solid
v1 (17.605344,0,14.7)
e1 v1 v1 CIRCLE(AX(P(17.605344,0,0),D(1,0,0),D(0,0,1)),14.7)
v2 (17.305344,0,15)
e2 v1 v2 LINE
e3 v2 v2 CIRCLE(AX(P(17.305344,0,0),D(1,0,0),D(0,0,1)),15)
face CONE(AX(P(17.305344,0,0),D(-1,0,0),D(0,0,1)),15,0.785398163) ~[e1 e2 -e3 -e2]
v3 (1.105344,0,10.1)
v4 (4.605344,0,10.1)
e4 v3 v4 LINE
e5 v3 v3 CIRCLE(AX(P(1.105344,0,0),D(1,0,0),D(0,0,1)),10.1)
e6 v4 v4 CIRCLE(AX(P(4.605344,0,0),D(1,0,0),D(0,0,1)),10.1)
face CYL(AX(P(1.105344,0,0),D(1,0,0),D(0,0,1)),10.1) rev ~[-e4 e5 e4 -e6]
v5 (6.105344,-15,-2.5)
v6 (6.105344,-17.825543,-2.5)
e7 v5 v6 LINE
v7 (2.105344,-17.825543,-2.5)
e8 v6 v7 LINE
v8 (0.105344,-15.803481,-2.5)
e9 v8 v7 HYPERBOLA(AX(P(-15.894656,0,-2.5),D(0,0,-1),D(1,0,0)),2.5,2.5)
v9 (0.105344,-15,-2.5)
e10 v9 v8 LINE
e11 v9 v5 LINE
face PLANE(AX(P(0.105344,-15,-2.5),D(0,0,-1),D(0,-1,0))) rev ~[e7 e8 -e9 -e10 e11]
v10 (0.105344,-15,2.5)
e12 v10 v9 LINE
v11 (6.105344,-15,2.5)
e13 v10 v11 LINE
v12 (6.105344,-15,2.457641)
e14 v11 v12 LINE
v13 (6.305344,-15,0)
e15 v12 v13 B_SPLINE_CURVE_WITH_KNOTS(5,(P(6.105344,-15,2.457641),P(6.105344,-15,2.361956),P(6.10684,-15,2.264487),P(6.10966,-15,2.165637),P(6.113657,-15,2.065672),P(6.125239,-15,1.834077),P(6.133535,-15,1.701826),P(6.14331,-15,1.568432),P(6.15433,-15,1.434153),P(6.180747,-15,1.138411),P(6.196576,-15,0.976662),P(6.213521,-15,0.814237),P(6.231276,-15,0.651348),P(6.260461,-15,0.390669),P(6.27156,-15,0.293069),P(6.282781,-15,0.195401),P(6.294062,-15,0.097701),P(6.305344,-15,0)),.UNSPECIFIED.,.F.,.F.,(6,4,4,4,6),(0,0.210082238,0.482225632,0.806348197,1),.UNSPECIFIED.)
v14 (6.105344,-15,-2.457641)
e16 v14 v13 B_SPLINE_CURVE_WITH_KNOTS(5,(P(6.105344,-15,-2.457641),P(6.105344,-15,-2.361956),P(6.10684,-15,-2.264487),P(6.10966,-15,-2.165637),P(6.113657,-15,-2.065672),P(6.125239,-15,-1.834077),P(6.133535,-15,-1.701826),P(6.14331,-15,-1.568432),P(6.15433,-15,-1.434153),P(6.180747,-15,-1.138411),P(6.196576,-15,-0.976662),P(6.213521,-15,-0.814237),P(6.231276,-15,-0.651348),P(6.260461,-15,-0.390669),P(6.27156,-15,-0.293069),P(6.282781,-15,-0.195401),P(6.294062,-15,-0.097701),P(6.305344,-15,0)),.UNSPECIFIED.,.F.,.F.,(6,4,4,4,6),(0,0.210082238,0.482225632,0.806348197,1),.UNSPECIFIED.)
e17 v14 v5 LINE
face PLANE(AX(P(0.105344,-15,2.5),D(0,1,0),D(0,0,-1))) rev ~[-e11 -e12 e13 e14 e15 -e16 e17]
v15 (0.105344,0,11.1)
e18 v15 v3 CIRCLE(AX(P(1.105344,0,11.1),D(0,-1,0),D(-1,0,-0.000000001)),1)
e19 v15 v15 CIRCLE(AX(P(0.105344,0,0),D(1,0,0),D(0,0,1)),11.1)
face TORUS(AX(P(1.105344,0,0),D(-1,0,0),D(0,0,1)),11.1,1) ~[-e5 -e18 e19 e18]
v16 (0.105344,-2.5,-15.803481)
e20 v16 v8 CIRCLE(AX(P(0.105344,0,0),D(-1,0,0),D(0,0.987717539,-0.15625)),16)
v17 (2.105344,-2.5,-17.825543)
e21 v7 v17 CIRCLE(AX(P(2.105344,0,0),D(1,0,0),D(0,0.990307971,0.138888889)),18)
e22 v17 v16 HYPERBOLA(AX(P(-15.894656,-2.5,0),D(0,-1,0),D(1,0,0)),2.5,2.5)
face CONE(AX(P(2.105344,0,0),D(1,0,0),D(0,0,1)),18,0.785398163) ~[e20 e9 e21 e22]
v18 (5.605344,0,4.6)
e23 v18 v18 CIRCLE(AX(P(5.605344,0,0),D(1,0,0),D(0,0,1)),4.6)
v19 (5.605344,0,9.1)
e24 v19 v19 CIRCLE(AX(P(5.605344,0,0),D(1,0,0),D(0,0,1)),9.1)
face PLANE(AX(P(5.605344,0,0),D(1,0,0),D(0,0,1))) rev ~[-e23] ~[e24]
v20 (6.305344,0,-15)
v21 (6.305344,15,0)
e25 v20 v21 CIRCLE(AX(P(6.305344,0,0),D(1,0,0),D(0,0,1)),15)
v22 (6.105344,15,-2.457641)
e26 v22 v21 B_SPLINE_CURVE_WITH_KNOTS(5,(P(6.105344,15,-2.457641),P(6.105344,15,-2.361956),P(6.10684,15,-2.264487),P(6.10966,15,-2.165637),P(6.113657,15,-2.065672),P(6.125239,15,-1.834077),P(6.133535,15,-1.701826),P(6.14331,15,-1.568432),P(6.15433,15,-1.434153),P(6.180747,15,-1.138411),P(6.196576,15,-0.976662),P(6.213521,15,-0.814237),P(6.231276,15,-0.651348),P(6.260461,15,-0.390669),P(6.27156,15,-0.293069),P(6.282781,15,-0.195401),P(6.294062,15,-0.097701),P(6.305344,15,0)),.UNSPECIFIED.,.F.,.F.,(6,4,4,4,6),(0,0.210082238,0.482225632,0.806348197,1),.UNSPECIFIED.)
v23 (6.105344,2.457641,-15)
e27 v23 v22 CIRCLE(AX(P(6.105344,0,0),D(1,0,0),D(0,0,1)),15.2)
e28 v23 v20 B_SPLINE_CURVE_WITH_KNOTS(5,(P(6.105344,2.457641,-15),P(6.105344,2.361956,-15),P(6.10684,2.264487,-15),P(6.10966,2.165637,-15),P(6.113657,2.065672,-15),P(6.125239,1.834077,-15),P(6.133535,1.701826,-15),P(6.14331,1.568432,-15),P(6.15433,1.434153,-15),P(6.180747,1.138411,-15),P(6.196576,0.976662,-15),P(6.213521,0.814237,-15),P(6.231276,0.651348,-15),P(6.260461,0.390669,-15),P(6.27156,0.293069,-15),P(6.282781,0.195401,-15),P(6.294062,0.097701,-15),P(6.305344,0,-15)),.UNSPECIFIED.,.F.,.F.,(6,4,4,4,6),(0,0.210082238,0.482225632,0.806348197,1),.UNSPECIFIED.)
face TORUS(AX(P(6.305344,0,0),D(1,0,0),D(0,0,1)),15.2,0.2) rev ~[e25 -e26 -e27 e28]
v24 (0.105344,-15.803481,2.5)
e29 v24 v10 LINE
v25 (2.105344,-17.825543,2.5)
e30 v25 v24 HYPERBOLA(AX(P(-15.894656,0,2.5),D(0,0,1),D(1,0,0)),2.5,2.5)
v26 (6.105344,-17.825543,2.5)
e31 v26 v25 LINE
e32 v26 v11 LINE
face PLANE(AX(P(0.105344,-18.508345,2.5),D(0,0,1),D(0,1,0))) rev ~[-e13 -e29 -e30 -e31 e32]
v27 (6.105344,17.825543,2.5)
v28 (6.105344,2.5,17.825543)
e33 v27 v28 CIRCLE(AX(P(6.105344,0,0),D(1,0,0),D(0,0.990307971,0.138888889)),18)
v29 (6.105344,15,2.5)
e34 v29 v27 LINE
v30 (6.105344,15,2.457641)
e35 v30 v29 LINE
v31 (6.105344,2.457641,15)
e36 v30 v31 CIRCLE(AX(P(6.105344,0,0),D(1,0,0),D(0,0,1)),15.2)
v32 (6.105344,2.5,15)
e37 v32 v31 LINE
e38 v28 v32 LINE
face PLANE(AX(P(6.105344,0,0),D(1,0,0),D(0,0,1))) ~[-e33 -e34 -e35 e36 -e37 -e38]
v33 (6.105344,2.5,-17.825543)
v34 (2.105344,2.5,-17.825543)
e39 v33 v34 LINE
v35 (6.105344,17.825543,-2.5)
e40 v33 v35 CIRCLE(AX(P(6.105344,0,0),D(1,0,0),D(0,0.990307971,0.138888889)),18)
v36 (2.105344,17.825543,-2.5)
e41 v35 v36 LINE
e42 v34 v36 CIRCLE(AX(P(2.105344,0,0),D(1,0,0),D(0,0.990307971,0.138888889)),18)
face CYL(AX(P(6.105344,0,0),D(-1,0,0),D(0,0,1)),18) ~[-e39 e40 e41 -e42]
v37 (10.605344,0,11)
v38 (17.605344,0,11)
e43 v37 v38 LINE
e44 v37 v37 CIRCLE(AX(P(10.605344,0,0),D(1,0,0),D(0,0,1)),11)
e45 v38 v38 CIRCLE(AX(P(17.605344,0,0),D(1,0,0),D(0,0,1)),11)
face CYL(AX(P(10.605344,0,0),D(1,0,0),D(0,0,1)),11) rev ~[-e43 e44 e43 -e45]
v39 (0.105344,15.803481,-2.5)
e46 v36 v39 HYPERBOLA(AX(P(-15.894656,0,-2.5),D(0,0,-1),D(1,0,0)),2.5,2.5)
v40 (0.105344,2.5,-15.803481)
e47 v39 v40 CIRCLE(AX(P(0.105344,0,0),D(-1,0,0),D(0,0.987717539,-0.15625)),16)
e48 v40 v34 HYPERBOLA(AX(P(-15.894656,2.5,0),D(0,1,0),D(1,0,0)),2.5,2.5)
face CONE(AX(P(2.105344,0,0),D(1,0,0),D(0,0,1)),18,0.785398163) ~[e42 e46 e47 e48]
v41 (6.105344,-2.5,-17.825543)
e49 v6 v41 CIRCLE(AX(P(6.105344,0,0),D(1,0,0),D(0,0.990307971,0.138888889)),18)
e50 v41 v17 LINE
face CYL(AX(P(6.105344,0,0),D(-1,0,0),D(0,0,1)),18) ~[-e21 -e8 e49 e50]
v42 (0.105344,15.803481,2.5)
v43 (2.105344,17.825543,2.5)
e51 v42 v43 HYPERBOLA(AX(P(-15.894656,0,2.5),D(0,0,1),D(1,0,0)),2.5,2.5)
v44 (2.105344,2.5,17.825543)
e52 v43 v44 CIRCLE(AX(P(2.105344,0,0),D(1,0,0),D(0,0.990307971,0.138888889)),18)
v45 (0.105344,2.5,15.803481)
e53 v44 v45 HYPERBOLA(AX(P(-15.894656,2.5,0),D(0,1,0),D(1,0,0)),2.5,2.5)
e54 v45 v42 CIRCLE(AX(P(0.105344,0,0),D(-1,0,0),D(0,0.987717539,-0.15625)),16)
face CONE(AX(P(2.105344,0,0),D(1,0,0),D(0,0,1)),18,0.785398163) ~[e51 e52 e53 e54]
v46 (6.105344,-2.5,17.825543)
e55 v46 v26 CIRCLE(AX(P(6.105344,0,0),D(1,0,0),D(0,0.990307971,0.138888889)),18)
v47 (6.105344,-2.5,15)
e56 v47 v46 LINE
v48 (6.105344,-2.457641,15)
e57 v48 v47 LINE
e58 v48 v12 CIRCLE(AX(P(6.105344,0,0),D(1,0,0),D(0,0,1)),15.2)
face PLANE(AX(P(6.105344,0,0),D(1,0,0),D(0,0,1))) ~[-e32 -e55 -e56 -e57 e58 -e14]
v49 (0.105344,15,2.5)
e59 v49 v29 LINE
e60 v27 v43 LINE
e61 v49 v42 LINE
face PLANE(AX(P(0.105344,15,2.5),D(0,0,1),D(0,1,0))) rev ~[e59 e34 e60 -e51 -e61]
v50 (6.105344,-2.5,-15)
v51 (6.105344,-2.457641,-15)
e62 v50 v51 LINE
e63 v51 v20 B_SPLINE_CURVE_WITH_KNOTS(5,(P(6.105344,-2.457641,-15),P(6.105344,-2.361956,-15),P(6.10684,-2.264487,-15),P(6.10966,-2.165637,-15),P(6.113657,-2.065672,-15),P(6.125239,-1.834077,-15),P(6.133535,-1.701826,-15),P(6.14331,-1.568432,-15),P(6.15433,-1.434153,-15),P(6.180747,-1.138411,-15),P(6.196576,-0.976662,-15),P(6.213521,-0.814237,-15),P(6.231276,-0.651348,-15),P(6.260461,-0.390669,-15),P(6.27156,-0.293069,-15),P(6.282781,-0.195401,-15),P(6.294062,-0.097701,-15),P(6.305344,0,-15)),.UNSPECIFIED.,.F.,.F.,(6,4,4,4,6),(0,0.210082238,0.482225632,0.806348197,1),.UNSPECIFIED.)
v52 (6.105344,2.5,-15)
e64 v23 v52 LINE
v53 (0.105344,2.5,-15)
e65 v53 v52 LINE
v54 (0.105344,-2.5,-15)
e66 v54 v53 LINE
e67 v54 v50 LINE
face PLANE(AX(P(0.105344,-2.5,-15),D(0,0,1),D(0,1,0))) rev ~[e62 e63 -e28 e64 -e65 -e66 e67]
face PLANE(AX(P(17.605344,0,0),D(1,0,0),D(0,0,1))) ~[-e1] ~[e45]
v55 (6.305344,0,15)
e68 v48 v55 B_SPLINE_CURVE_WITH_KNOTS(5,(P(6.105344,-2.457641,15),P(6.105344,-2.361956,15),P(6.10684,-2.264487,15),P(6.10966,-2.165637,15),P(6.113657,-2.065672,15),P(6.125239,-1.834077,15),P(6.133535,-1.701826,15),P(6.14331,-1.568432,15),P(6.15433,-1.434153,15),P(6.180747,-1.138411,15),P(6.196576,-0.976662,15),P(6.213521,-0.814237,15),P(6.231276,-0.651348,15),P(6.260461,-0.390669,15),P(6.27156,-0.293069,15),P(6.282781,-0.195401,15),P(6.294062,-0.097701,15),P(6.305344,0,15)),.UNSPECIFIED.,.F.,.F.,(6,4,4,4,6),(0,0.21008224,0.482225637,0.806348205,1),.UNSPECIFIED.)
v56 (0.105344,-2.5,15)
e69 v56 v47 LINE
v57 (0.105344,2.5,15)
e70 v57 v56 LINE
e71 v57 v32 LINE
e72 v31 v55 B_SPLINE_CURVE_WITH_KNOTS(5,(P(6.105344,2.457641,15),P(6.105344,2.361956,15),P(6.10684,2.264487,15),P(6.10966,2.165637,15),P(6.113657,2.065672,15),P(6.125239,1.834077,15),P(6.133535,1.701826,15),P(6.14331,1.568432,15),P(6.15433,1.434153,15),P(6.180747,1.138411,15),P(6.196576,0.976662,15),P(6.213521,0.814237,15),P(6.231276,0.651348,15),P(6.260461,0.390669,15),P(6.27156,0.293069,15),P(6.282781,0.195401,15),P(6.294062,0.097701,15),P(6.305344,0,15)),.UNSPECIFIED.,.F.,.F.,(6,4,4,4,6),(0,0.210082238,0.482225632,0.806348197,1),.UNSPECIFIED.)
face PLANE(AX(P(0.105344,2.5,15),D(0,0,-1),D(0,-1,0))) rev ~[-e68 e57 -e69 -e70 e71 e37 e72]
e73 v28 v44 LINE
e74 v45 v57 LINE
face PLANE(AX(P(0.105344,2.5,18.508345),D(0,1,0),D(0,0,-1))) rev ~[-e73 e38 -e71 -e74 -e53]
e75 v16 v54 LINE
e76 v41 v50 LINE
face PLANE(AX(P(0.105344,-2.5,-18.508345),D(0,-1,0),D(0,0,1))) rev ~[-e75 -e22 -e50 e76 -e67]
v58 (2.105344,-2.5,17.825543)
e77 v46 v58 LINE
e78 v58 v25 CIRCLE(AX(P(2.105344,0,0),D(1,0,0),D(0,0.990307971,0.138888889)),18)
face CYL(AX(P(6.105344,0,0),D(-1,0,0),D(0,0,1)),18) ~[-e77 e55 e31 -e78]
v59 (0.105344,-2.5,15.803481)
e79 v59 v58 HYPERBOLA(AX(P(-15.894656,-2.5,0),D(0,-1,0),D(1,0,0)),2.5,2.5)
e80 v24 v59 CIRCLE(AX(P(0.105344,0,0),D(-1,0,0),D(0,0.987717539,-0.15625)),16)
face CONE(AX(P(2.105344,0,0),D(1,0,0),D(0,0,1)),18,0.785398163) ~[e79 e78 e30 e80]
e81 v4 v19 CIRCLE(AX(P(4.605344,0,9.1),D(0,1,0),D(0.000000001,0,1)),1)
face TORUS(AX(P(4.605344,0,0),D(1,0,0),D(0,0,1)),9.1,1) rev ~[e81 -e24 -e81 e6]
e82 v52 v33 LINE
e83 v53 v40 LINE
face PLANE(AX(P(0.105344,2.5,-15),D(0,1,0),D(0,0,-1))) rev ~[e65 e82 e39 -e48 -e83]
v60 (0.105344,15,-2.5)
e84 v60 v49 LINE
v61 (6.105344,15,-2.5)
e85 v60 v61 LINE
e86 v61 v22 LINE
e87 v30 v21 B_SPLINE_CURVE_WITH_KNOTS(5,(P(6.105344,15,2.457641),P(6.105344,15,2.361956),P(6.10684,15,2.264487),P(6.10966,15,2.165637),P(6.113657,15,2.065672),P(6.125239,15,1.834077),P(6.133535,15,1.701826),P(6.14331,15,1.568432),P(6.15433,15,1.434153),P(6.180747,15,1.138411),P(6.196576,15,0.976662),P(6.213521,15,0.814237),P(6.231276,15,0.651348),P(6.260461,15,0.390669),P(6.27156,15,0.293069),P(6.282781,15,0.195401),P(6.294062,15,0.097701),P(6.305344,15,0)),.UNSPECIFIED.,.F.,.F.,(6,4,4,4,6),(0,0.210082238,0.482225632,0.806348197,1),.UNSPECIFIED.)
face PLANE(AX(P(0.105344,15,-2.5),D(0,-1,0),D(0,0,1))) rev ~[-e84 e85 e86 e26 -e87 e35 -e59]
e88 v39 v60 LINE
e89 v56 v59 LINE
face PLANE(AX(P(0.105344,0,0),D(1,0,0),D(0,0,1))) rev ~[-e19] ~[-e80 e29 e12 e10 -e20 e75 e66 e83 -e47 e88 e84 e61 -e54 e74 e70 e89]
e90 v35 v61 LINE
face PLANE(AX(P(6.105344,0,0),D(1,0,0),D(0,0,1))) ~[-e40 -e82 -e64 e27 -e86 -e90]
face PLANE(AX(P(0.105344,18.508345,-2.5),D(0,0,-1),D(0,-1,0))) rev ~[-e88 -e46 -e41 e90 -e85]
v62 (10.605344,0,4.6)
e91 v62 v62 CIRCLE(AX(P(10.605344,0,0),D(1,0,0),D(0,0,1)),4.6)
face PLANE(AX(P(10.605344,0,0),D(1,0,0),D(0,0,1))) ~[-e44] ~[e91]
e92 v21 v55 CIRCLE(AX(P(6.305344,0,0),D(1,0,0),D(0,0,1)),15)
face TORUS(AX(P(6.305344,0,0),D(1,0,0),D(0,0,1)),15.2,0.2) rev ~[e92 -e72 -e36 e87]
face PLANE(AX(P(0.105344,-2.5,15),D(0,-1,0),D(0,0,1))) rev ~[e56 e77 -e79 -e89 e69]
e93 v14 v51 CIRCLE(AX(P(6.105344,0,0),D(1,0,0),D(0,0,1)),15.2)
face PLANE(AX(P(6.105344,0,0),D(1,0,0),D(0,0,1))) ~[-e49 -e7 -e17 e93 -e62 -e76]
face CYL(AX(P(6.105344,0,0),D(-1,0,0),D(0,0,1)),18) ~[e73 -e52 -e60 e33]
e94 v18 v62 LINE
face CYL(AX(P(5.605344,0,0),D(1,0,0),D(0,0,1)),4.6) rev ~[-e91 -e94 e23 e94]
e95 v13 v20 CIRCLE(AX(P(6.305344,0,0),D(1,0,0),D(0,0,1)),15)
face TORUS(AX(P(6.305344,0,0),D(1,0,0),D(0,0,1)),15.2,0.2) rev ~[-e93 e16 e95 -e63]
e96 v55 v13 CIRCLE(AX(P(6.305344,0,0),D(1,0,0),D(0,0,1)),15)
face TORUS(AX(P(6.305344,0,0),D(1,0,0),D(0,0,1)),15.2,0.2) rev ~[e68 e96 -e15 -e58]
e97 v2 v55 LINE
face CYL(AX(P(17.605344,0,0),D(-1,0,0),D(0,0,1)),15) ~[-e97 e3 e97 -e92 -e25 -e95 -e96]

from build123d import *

# Parameters (mm, degrees)
CUT_EXTRUDE3_DEPTH = 31.890937182
CIRPATTERN1_COUNT  = 4
CHAMFER1_SIZE      = 0.3


with BuildPart() as part:
    # Sketch1 → Revolve2 (revolve)
    with BuildSketch(Plane.XY, mode=Mode.PRIVATE) as revolve2_sk:
        with BuildLine():
            Line((17.605343981, 11), (17.605343981, 15))
            Line((17.605343981, 15), (6.305343981, 15))
            ThreePointArc((6.305343981, 15), (6.163922625, 15.058578644), (6.105343981, 15.2))
            Line((6.105343981, 15.2), (6.105343981, 18))
            Line((6.105343981, 18), (2.105343981, 18))
            Line((2.105343981, 18), (0.105343981, 16))
            Line((0.105343981, 16), (0.105343981, 11.1))
            ThreePointArc((0.105343981, 11.1), (0.3982372, 10.392893219), (1.105343981, 10.1))
            Line((1.105343981, 10.1), (4.605343981, 10.1))
            ThreePointArc((4.605343981, 10.1), (5.312450762, 9.807106781), (5.605343981, 9.1))
            Line((5.605343981, 9.1), (5.605343981, 4.6))
            Line((5.605343981, 4.6), (10.605343981, 4.6))
            Line((10.605343981, 4.6), (10.605343981, 11))
            Line((10.605343981, 11), (17.605343981, 11))
        make_face()
    revolve(revolve2_sk.sketch.rotate(Axis((0, 0, 0), (1, 0, 0)), 90), axis=Axis((0, 0, 0), (1, 0, 0)))

    # Sketch5 → Cut-Extrude3 (cut, through all)
    with BuildSketch(Plane.ZY.offset(-0.105343981)):
        with BuildLine():
            Line((0, 15), (0, 16))
            ThreePointArc((0, 16), (-1.253856039, 15.950794495), (-2.5, 15.803480629))
            Line((-2.5, 15.803480629), (-2.5, 15))
            Line((-2.5, 15), (0, 15))
        make_face()
        with BuildLine():
            ThreePointArc((2.5, 15.803480629), (1.253856039, 15.950794495), (0, 16))
            Line((0, 16), (0, 15))
            Line((0, 15), (2.5, 15))
            Line((2.5, 15), (2.5, 15.803480629))
        make_face()
        with BuildLine():
            Line((0, 18.508345056), (0, 18))
            Line((0, 18), (0, 16))
            ThreePointArc((0, 16), (1.253856039, 15.950794495), (2.5, 15.803480629))
            Line((2.5, 15.803480629), (2.5, 18.508345056))
            Line((2.5, 18.508345056), (0, 18.508345056))
        make_face()
        with BuildLine():
            Line((0, 16), (0, 18))
            Line((0, 18), (0, 18.508345056))
            Line((0, 18.508345056), (-2.5, 18.508345056))
            Line((-2.5, 18.508345056), (-2.5, 15.803480629))
            ThreePointArc((-2.5, 15.803480629), (-1.253856039, 15.950794495), (0, 16))
        make_face()
    cut_extrude3 = extrude(amount=-CUT_EXTRUDE3_DEPTH, mode=Mode.SUBTRACT)

    # CirPattern1: Cut-Extrude3 ×4 about axis
    cirpattern1_axis = Axis((0, 0, 0), (1, 0, 0))
    for i in range(1, CIRPATTERN1_COUNT):
        add(cut_extrude3.rotate(cirpattern1_axis, i * 360 / CIRPATTERN1_COUNT), mode=Mode.SUBTRACT)

    # Chamfer1
    chamfer1_edges = [part.edges().sort_by_distance(p)[0] for p in [
        (17.605343981, 0, -15),
    ]]
    chamfer(chamfer1_edges, length=CHAMFER1_SIZE)


solid = part.part
